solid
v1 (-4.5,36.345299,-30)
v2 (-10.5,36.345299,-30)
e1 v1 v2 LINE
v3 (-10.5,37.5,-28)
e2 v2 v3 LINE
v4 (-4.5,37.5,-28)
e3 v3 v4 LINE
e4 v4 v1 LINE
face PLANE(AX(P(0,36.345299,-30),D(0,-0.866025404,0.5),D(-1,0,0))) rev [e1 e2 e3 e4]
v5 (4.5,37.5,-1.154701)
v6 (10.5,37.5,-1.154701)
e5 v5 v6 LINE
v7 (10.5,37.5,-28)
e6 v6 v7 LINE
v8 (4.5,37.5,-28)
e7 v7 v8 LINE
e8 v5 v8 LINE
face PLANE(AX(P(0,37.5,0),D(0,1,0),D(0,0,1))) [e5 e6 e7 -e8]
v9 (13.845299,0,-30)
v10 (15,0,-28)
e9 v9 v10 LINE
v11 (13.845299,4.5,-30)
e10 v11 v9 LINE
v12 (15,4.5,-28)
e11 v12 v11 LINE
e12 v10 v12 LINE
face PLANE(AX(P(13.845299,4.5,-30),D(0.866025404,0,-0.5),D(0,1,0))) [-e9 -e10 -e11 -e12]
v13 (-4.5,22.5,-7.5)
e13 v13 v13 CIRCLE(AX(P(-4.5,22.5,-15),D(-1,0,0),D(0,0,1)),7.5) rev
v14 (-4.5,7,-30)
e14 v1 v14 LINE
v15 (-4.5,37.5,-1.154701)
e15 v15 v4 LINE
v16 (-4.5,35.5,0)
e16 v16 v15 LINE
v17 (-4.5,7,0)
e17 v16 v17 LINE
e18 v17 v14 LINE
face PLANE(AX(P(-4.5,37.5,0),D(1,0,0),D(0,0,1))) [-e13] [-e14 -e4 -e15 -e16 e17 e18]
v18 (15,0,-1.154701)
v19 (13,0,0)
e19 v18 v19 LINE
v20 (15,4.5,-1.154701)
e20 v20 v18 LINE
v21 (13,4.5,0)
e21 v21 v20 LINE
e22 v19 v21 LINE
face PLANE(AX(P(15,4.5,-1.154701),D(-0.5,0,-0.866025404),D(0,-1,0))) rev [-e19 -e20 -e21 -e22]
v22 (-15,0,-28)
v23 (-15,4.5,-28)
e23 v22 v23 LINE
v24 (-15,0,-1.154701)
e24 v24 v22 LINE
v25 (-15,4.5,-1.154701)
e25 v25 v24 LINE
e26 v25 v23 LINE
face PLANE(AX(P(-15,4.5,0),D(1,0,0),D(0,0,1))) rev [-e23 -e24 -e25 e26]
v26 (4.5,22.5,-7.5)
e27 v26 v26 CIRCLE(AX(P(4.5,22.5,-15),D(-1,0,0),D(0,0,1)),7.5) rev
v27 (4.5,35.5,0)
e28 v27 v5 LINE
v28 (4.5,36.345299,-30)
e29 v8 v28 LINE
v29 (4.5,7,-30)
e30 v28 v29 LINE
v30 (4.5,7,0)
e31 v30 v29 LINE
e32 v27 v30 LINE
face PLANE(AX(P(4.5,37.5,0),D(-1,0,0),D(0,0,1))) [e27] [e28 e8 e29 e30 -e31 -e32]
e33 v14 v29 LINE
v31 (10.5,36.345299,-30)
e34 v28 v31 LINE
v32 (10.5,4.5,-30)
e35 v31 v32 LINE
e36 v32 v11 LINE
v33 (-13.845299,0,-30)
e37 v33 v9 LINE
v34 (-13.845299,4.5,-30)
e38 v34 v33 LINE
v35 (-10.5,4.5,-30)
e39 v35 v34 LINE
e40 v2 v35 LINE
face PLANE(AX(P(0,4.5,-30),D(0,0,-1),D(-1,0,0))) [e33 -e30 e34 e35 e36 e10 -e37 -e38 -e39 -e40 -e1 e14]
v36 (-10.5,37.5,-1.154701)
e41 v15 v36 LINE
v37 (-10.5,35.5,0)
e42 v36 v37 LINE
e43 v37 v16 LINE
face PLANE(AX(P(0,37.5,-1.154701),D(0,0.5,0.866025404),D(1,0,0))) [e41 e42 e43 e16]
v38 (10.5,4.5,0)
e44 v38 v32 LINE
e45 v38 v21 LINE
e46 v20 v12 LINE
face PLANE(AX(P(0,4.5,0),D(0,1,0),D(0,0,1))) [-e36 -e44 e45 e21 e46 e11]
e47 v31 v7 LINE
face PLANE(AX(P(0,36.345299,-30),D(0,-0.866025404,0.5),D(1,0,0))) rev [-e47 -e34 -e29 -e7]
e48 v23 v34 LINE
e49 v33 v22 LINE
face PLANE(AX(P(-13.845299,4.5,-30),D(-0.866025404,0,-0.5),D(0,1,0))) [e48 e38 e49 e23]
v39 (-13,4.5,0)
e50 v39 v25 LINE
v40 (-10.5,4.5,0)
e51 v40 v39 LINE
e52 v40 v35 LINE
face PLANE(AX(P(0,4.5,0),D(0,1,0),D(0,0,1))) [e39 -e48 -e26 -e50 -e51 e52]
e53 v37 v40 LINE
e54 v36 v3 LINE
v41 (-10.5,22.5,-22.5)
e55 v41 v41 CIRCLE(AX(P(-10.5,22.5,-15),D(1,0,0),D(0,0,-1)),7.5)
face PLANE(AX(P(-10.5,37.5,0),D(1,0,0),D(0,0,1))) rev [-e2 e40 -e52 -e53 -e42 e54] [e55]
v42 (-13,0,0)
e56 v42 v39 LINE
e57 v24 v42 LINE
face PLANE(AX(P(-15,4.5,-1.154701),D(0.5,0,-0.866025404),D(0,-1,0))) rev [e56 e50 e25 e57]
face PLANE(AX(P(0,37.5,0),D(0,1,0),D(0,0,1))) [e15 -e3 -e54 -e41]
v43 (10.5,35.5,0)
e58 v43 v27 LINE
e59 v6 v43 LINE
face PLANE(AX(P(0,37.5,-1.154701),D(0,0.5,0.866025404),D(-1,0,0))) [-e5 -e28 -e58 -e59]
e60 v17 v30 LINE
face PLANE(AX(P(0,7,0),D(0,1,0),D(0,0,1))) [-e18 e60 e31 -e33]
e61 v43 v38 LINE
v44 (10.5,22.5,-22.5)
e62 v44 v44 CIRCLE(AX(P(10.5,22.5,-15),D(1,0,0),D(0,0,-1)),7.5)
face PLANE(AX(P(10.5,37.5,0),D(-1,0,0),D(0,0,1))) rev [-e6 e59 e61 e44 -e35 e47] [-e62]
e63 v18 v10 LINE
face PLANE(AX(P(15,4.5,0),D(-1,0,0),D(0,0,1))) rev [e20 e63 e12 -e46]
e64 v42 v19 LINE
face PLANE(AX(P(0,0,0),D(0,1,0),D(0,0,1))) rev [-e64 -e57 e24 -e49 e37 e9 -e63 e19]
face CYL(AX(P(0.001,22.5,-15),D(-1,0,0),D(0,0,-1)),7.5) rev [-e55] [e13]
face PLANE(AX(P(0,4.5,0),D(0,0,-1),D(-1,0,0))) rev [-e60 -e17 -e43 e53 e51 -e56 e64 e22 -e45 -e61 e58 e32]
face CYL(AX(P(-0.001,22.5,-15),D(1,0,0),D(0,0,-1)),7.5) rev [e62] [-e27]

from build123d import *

# Parameters (mm, degrees)
SKETCH1_W             = 4.5
SKETCH1_H             = 30
BOSS_EXTRUDE1_DEPTH   = 4.5
SKETCH1_3_W           = 6
SKETCH1_3_H           = 30
BOSS_EXTRUDE2_DEPTH   = 37.5
SKETCH1_4_W           = 4.5
SKETCH1_4_H           = 30
BOSS_EXTRUDE3_DEPTH   = 7
CUT_EXTRUDE1_REACH    = 12.5
SKETCH2_R             = 7.5
CHAMFER1_SIZE         = 2
CHAMFER1_SIZE2        = 1.154700538
CHAMFER1_PART_2_SIZE  = 2
CHAMFER1_PART_2_SIZE2 = 1.154700538
CHAMFER1_PART_3_SIZE  = 2
CHAMFER1_PART_3_SIZE2 = 1.154700538


with BuildPart() as part:
    # Sketch1 → Boss-Extrude1 (new body)
    with BuildSketch(Plane(origin=(0, 0, 0), x_dir=(1, 0, 0), z_dir=(0, 1, 0))):
        with Locations((12.75, 15)):
            Rectangle(SKETCH1_W, SKETCH1_H)
    extrude(amount=BOSS_EXTRUDE1_DEPTH)

    # Sketch1<3> → Boss-Extrude2 (add)
    with BuildSketch(Plane(origin=(0, 0, 0), x_dir=(1, 0, 0), z_dir=(0, 1, 0))):
        with Locations((7.5, 15)):
            Rectangle(SKETCH1_3_W, SKETCH1_3_H)
    extrude(amount=BOSS_EXTRUDE2_DEPTH)

    # Sketch1<4> → Boss-Extrude3 (add)
    with BuildSketch(Plane(origin=(0, 0, 0), x_dir=(1, 0, 0), z_dir=(0, 1, 0))):
        with Locations((2.25, 15)):
            Rectangle(SKETCH1_4_W, SKETCH1_4_H)
    extrude(amount=BOSS_EXTRUDE3_DEPTH)

    # Sketch2 → Cut-Extrude1 (cut, up to next)
    with BuildSketch(Plane(origin=(10.5, 0, 0), x_dir=(0, 0, -1), z_dir=(1, 0, 0)), mode=Mode.PRIVATE) as cut_extrude1_sk1:
        with Locations((15, 22.5)):
            Circle(SKETCH2_R)
    cut_extrude1_tool1 = extrude(cut_extrude1_sk1.sketch, amount=-CUT_EXTRUDE1_REACH, mode=Mode.PRIVATE) & part.part
    add(cut_extrude1_tool1.solids().sort_by_distance((10.5, 22.5, -15))[0], mode=Mode.SUBTRACT)

    # Chamfer1
    chamfer1_edges = [part.edges().sort_by_distance(p)[0] for p in [
        (7.5, 37.5, -30),
    ]]
    chamfer1_side = [part.faces().sort_by_distance(p)[0] for p in [
        (7.5, 37.5, -15),
    ]]
    chamfer(chamfer1_edges, length=CHAMFER1_SIZE, length2=CHAMFER1_SIZE2, reference=chamfer1_side[0])

    # Chamfer1 part 2
    chamfer1_part_2_edges = [part.edges().sort_by_distance(p)[0] for p in [
        (7.5, 37.5, 0),
        (15, 2.25, 0),
    ]]
    chamfer1_part_2_side = [part.faces().sort_by_distance(p)[0] for p in [
        (7.286585366, 15.806910569, 0),
    ]]
    chamfer(chamfer1_part_2_edges, length=CHAMFER1_PART_2_SIZE, length2=CHAMFER1_PART_2_SIZE2, reference=chamfer1_part_2_side[0])

    # Chamfer1 part 3
    chamfer1_part_3_edges = [part.edges().sort_by_distance(p)[0] for p in [
        (15, 2.25, -30),
    ]]
    chamfer1_part_3_side = [part.faces().sort_by_distance(p)[0] for p in [
        (15, 2.25, -15),
    ]]
    chamfer(chamfer1_part_3_edges, length=CHAMFER1_PART_3_SIZE, length2=CHAMFER1_PART_3_SIZE2, reference=chamfer1_part_3_side[0])

    # Mirror1: part across plane


with BuildPart() as part_1:
    add(part.part)
    add(part.part.mirror(Plane(origin=(0, 7, 0), x_dir=(0, 0, 1), z_dir=(-1, 0, 0))))


solid = part_1.part
